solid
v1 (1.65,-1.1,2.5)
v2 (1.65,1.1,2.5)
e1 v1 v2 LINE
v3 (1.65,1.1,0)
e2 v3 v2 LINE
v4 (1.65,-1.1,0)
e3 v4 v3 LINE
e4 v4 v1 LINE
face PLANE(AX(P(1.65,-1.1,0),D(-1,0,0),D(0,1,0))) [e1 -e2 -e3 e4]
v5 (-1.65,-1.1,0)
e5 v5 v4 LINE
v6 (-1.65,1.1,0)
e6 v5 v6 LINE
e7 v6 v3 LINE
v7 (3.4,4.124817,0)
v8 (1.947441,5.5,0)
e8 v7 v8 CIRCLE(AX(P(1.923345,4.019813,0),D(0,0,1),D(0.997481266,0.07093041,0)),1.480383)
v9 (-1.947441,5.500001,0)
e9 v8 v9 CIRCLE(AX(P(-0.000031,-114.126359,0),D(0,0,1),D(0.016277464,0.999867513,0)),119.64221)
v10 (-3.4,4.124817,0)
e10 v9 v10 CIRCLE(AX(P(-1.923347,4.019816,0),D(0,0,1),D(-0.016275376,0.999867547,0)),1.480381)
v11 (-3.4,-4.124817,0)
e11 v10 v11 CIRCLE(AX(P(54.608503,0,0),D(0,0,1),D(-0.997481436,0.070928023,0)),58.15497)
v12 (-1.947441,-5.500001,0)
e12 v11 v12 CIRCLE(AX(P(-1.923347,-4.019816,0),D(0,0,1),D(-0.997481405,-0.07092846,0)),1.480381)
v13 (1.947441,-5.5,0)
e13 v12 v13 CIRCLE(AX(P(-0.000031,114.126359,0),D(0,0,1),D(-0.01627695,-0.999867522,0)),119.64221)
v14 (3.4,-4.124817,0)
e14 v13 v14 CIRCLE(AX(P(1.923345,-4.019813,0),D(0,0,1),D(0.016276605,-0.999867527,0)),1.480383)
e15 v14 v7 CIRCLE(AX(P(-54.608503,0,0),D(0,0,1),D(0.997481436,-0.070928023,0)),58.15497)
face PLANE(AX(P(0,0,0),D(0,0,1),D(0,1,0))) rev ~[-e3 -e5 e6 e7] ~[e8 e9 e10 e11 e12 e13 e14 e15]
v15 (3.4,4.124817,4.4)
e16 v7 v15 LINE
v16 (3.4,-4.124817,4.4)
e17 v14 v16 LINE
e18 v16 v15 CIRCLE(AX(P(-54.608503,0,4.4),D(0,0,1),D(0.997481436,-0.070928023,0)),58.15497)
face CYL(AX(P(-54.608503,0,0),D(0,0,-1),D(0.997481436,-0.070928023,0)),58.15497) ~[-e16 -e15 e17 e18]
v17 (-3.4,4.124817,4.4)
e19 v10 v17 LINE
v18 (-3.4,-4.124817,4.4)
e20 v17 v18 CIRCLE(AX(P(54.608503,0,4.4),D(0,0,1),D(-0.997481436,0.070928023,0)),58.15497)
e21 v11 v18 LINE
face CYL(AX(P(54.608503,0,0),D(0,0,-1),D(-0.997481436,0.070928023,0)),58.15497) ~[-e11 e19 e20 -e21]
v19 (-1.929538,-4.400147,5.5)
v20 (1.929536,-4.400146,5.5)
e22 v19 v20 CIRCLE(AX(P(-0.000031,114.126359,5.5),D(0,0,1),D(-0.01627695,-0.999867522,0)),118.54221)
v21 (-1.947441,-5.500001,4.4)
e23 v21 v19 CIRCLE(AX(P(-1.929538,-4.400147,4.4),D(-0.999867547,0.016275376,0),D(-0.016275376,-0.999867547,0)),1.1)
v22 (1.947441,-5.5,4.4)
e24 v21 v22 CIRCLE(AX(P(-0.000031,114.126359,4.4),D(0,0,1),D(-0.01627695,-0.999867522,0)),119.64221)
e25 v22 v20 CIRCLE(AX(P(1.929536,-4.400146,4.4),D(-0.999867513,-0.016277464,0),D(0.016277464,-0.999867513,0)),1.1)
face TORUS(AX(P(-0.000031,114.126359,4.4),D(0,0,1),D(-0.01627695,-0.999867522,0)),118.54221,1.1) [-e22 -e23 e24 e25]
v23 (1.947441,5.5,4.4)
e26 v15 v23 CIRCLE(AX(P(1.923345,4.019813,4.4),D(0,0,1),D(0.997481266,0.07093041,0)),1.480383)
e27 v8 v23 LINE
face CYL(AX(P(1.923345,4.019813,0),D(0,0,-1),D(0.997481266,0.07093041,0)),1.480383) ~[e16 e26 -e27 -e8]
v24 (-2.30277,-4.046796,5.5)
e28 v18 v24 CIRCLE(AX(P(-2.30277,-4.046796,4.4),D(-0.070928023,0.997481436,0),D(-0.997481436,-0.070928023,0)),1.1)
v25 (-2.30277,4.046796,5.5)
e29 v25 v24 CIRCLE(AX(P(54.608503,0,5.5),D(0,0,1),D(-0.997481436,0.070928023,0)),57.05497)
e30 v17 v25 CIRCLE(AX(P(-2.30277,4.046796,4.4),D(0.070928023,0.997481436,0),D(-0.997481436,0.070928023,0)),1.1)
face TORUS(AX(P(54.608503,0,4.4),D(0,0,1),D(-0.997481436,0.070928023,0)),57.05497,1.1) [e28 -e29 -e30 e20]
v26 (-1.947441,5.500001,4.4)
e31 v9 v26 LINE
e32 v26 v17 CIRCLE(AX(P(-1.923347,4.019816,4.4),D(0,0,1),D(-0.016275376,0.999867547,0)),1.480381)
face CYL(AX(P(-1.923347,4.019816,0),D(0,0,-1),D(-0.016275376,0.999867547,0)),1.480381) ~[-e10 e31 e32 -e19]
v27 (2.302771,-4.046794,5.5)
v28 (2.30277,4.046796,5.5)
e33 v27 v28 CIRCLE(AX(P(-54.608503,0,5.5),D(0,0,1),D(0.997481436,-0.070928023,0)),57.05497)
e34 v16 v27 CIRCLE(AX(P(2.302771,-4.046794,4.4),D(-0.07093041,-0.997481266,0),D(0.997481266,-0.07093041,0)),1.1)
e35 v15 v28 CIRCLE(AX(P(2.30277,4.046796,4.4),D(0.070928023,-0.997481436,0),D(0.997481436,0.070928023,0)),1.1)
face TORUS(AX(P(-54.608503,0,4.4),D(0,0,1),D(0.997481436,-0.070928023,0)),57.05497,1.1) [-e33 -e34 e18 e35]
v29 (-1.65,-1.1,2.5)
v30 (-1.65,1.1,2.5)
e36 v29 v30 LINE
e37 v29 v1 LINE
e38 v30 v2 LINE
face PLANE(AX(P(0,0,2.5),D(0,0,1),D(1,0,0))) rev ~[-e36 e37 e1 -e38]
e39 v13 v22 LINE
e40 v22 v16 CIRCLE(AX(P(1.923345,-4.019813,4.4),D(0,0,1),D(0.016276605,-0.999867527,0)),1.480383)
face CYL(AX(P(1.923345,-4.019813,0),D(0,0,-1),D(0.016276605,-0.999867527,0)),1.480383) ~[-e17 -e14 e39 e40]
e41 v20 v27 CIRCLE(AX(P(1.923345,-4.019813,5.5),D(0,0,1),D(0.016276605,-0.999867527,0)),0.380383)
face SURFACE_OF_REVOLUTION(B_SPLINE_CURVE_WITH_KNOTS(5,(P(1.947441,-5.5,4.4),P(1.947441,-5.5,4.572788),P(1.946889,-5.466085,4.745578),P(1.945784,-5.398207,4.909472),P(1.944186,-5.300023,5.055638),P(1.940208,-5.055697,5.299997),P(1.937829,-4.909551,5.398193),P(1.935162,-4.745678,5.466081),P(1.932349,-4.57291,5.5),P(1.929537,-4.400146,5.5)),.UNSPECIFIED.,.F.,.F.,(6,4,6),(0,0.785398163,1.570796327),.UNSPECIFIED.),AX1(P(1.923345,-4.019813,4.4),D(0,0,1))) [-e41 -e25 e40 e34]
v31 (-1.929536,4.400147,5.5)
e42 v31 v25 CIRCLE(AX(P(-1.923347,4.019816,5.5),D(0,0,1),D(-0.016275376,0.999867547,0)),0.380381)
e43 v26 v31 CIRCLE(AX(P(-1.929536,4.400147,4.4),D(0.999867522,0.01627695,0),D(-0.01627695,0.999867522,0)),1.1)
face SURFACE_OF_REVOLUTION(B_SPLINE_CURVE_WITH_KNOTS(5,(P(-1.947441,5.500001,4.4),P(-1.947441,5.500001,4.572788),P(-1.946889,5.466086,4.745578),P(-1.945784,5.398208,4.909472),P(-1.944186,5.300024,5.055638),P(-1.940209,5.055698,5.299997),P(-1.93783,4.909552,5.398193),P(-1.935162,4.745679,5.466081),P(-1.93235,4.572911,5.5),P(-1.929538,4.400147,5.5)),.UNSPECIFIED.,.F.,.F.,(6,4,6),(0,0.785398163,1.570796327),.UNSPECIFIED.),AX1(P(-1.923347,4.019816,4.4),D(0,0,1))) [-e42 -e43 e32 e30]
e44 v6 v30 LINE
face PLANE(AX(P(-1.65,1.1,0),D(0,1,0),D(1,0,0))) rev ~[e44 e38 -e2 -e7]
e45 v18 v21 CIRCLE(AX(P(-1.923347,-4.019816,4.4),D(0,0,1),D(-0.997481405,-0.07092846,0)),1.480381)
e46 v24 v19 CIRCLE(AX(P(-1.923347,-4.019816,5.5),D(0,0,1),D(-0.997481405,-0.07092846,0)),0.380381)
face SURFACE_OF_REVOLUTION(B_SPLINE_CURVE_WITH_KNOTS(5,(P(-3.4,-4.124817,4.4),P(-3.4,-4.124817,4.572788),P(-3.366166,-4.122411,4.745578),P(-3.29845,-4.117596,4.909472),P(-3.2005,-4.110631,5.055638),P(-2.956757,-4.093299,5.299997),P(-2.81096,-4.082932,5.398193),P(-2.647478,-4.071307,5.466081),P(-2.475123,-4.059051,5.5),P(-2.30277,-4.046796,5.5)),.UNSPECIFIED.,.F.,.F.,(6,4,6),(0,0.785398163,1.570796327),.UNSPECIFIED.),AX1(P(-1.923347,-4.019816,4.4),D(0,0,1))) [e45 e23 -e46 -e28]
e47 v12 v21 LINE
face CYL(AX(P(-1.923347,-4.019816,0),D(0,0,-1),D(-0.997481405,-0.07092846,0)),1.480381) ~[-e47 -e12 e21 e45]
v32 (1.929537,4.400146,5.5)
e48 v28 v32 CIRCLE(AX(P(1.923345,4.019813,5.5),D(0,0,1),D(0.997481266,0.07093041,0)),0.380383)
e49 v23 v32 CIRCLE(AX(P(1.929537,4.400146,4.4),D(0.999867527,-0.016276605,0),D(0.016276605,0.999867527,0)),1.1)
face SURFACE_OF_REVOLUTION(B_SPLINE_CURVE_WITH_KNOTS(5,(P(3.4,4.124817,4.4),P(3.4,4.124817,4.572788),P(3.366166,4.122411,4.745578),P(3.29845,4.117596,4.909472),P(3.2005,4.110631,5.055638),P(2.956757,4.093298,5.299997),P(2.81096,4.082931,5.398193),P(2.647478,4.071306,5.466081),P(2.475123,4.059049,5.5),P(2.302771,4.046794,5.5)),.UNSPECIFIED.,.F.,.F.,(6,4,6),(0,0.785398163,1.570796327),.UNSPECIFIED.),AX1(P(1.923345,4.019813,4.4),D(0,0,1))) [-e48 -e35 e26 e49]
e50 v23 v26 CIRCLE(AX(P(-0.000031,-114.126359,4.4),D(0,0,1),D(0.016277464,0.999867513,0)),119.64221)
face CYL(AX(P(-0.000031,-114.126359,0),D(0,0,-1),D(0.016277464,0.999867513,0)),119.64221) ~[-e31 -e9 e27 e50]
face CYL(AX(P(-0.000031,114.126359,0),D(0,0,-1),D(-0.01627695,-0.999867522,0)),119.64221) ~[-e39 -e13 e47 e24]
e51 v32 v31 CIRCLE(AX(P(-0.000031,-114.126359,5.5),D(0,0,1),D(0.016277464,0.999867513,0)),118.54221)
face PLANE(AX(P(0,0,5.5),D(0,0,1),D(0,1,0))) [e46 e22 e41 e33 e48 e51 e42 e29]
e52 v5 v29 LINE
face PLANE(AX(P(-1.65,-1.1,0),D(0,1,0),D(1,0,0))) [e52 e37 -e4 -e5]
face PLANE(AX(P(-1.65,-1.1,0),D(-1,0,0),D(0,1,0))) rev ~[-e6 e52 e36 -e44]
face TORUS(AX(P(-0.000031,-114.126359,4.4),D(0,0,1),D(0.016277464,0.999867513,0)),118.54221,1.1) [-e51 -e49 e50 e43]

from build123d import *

# Parameters (mm, degrees)
SKETCH023_W  = 3.3
SKETCH023_H  = 2.2
PAD017_DEPTH = 2.5
PAD023_DEPTH = 5.5
FILLET_R     = 1.1


with BuildPart() as clone_button_hole_v:
    # Sketch023 → Pad017 (new body)
    with BuildSketch(Plane.XY):
        Rectangle(SKETCH023_W, SKETCH023_H)
    extrude(amount=PAD017_DEPTH)


with BuildPart() as cut_button_med_v_final:
    # Sketch044 → Pad023 (new body)
    with BuildSketch(Plane(origin=(0, 0, 0), x_dir=(0, 1, 0), z_dir=(0, 0, 1))):
        with BuildLine():
            ThreePointArc((4.124817, 3.4), (0, 3.546467), (-4.124817, 3.4))
            ThreePointArc((-4.124817, 3.4), (-5.094844, 2.941111), (-5.500001, 1.947441))
            ThreePointArc((-5.500001, 1.947441), (-5.515851, 0), (-5.5, -1.947441))
            ThreePointArc((-5.5, -1.947441), (-5.094843, -2.94111), (-4.124817, -3.4))
            ThreePointArc((-4.124817, -3.4), (0, -3.546467), (4.124817, -3.4))
            ThreePointArc((4.124817, -3.4), (5.094843, -2.94111), (5.5, -1.947441))
            ThreePointArc((5.5, -1.947441), (5.515851, 0), (5.500001, 1.947441))
            ThreePointArc((5.500001, 1.947441), (5.094844, 2.941111), (4.124817, 3.4))
        make_face()
    extrude(amount=PAD023_DEPTH)

    # Fillet
    fillet_edges = [cut_button_med_v_final.edges().sort_by_distance(p)[0] for p in [
        (-3.546467, 0, 5.5),
        (-2.941111, -5.094844, 5.5),
        (0, -5.515851, 5.5),
        (2.94111, -5.094843, 5.5),
        (3.546467, 0, 5.5),
        (2.94111, 5.094843, 5.5),
        (0, 5.515851, 5.5),
        (-2.941111, 5.094844, 5.5),
    ]]
    fillet(fillet_edges, radius=FILLET_R)

    # Cut008: cut Clone (button hole v)
    add(clone_button_hole_v.part, mode=Mode.SUBTRACT)


solid = cut_button_med_v_final.part
